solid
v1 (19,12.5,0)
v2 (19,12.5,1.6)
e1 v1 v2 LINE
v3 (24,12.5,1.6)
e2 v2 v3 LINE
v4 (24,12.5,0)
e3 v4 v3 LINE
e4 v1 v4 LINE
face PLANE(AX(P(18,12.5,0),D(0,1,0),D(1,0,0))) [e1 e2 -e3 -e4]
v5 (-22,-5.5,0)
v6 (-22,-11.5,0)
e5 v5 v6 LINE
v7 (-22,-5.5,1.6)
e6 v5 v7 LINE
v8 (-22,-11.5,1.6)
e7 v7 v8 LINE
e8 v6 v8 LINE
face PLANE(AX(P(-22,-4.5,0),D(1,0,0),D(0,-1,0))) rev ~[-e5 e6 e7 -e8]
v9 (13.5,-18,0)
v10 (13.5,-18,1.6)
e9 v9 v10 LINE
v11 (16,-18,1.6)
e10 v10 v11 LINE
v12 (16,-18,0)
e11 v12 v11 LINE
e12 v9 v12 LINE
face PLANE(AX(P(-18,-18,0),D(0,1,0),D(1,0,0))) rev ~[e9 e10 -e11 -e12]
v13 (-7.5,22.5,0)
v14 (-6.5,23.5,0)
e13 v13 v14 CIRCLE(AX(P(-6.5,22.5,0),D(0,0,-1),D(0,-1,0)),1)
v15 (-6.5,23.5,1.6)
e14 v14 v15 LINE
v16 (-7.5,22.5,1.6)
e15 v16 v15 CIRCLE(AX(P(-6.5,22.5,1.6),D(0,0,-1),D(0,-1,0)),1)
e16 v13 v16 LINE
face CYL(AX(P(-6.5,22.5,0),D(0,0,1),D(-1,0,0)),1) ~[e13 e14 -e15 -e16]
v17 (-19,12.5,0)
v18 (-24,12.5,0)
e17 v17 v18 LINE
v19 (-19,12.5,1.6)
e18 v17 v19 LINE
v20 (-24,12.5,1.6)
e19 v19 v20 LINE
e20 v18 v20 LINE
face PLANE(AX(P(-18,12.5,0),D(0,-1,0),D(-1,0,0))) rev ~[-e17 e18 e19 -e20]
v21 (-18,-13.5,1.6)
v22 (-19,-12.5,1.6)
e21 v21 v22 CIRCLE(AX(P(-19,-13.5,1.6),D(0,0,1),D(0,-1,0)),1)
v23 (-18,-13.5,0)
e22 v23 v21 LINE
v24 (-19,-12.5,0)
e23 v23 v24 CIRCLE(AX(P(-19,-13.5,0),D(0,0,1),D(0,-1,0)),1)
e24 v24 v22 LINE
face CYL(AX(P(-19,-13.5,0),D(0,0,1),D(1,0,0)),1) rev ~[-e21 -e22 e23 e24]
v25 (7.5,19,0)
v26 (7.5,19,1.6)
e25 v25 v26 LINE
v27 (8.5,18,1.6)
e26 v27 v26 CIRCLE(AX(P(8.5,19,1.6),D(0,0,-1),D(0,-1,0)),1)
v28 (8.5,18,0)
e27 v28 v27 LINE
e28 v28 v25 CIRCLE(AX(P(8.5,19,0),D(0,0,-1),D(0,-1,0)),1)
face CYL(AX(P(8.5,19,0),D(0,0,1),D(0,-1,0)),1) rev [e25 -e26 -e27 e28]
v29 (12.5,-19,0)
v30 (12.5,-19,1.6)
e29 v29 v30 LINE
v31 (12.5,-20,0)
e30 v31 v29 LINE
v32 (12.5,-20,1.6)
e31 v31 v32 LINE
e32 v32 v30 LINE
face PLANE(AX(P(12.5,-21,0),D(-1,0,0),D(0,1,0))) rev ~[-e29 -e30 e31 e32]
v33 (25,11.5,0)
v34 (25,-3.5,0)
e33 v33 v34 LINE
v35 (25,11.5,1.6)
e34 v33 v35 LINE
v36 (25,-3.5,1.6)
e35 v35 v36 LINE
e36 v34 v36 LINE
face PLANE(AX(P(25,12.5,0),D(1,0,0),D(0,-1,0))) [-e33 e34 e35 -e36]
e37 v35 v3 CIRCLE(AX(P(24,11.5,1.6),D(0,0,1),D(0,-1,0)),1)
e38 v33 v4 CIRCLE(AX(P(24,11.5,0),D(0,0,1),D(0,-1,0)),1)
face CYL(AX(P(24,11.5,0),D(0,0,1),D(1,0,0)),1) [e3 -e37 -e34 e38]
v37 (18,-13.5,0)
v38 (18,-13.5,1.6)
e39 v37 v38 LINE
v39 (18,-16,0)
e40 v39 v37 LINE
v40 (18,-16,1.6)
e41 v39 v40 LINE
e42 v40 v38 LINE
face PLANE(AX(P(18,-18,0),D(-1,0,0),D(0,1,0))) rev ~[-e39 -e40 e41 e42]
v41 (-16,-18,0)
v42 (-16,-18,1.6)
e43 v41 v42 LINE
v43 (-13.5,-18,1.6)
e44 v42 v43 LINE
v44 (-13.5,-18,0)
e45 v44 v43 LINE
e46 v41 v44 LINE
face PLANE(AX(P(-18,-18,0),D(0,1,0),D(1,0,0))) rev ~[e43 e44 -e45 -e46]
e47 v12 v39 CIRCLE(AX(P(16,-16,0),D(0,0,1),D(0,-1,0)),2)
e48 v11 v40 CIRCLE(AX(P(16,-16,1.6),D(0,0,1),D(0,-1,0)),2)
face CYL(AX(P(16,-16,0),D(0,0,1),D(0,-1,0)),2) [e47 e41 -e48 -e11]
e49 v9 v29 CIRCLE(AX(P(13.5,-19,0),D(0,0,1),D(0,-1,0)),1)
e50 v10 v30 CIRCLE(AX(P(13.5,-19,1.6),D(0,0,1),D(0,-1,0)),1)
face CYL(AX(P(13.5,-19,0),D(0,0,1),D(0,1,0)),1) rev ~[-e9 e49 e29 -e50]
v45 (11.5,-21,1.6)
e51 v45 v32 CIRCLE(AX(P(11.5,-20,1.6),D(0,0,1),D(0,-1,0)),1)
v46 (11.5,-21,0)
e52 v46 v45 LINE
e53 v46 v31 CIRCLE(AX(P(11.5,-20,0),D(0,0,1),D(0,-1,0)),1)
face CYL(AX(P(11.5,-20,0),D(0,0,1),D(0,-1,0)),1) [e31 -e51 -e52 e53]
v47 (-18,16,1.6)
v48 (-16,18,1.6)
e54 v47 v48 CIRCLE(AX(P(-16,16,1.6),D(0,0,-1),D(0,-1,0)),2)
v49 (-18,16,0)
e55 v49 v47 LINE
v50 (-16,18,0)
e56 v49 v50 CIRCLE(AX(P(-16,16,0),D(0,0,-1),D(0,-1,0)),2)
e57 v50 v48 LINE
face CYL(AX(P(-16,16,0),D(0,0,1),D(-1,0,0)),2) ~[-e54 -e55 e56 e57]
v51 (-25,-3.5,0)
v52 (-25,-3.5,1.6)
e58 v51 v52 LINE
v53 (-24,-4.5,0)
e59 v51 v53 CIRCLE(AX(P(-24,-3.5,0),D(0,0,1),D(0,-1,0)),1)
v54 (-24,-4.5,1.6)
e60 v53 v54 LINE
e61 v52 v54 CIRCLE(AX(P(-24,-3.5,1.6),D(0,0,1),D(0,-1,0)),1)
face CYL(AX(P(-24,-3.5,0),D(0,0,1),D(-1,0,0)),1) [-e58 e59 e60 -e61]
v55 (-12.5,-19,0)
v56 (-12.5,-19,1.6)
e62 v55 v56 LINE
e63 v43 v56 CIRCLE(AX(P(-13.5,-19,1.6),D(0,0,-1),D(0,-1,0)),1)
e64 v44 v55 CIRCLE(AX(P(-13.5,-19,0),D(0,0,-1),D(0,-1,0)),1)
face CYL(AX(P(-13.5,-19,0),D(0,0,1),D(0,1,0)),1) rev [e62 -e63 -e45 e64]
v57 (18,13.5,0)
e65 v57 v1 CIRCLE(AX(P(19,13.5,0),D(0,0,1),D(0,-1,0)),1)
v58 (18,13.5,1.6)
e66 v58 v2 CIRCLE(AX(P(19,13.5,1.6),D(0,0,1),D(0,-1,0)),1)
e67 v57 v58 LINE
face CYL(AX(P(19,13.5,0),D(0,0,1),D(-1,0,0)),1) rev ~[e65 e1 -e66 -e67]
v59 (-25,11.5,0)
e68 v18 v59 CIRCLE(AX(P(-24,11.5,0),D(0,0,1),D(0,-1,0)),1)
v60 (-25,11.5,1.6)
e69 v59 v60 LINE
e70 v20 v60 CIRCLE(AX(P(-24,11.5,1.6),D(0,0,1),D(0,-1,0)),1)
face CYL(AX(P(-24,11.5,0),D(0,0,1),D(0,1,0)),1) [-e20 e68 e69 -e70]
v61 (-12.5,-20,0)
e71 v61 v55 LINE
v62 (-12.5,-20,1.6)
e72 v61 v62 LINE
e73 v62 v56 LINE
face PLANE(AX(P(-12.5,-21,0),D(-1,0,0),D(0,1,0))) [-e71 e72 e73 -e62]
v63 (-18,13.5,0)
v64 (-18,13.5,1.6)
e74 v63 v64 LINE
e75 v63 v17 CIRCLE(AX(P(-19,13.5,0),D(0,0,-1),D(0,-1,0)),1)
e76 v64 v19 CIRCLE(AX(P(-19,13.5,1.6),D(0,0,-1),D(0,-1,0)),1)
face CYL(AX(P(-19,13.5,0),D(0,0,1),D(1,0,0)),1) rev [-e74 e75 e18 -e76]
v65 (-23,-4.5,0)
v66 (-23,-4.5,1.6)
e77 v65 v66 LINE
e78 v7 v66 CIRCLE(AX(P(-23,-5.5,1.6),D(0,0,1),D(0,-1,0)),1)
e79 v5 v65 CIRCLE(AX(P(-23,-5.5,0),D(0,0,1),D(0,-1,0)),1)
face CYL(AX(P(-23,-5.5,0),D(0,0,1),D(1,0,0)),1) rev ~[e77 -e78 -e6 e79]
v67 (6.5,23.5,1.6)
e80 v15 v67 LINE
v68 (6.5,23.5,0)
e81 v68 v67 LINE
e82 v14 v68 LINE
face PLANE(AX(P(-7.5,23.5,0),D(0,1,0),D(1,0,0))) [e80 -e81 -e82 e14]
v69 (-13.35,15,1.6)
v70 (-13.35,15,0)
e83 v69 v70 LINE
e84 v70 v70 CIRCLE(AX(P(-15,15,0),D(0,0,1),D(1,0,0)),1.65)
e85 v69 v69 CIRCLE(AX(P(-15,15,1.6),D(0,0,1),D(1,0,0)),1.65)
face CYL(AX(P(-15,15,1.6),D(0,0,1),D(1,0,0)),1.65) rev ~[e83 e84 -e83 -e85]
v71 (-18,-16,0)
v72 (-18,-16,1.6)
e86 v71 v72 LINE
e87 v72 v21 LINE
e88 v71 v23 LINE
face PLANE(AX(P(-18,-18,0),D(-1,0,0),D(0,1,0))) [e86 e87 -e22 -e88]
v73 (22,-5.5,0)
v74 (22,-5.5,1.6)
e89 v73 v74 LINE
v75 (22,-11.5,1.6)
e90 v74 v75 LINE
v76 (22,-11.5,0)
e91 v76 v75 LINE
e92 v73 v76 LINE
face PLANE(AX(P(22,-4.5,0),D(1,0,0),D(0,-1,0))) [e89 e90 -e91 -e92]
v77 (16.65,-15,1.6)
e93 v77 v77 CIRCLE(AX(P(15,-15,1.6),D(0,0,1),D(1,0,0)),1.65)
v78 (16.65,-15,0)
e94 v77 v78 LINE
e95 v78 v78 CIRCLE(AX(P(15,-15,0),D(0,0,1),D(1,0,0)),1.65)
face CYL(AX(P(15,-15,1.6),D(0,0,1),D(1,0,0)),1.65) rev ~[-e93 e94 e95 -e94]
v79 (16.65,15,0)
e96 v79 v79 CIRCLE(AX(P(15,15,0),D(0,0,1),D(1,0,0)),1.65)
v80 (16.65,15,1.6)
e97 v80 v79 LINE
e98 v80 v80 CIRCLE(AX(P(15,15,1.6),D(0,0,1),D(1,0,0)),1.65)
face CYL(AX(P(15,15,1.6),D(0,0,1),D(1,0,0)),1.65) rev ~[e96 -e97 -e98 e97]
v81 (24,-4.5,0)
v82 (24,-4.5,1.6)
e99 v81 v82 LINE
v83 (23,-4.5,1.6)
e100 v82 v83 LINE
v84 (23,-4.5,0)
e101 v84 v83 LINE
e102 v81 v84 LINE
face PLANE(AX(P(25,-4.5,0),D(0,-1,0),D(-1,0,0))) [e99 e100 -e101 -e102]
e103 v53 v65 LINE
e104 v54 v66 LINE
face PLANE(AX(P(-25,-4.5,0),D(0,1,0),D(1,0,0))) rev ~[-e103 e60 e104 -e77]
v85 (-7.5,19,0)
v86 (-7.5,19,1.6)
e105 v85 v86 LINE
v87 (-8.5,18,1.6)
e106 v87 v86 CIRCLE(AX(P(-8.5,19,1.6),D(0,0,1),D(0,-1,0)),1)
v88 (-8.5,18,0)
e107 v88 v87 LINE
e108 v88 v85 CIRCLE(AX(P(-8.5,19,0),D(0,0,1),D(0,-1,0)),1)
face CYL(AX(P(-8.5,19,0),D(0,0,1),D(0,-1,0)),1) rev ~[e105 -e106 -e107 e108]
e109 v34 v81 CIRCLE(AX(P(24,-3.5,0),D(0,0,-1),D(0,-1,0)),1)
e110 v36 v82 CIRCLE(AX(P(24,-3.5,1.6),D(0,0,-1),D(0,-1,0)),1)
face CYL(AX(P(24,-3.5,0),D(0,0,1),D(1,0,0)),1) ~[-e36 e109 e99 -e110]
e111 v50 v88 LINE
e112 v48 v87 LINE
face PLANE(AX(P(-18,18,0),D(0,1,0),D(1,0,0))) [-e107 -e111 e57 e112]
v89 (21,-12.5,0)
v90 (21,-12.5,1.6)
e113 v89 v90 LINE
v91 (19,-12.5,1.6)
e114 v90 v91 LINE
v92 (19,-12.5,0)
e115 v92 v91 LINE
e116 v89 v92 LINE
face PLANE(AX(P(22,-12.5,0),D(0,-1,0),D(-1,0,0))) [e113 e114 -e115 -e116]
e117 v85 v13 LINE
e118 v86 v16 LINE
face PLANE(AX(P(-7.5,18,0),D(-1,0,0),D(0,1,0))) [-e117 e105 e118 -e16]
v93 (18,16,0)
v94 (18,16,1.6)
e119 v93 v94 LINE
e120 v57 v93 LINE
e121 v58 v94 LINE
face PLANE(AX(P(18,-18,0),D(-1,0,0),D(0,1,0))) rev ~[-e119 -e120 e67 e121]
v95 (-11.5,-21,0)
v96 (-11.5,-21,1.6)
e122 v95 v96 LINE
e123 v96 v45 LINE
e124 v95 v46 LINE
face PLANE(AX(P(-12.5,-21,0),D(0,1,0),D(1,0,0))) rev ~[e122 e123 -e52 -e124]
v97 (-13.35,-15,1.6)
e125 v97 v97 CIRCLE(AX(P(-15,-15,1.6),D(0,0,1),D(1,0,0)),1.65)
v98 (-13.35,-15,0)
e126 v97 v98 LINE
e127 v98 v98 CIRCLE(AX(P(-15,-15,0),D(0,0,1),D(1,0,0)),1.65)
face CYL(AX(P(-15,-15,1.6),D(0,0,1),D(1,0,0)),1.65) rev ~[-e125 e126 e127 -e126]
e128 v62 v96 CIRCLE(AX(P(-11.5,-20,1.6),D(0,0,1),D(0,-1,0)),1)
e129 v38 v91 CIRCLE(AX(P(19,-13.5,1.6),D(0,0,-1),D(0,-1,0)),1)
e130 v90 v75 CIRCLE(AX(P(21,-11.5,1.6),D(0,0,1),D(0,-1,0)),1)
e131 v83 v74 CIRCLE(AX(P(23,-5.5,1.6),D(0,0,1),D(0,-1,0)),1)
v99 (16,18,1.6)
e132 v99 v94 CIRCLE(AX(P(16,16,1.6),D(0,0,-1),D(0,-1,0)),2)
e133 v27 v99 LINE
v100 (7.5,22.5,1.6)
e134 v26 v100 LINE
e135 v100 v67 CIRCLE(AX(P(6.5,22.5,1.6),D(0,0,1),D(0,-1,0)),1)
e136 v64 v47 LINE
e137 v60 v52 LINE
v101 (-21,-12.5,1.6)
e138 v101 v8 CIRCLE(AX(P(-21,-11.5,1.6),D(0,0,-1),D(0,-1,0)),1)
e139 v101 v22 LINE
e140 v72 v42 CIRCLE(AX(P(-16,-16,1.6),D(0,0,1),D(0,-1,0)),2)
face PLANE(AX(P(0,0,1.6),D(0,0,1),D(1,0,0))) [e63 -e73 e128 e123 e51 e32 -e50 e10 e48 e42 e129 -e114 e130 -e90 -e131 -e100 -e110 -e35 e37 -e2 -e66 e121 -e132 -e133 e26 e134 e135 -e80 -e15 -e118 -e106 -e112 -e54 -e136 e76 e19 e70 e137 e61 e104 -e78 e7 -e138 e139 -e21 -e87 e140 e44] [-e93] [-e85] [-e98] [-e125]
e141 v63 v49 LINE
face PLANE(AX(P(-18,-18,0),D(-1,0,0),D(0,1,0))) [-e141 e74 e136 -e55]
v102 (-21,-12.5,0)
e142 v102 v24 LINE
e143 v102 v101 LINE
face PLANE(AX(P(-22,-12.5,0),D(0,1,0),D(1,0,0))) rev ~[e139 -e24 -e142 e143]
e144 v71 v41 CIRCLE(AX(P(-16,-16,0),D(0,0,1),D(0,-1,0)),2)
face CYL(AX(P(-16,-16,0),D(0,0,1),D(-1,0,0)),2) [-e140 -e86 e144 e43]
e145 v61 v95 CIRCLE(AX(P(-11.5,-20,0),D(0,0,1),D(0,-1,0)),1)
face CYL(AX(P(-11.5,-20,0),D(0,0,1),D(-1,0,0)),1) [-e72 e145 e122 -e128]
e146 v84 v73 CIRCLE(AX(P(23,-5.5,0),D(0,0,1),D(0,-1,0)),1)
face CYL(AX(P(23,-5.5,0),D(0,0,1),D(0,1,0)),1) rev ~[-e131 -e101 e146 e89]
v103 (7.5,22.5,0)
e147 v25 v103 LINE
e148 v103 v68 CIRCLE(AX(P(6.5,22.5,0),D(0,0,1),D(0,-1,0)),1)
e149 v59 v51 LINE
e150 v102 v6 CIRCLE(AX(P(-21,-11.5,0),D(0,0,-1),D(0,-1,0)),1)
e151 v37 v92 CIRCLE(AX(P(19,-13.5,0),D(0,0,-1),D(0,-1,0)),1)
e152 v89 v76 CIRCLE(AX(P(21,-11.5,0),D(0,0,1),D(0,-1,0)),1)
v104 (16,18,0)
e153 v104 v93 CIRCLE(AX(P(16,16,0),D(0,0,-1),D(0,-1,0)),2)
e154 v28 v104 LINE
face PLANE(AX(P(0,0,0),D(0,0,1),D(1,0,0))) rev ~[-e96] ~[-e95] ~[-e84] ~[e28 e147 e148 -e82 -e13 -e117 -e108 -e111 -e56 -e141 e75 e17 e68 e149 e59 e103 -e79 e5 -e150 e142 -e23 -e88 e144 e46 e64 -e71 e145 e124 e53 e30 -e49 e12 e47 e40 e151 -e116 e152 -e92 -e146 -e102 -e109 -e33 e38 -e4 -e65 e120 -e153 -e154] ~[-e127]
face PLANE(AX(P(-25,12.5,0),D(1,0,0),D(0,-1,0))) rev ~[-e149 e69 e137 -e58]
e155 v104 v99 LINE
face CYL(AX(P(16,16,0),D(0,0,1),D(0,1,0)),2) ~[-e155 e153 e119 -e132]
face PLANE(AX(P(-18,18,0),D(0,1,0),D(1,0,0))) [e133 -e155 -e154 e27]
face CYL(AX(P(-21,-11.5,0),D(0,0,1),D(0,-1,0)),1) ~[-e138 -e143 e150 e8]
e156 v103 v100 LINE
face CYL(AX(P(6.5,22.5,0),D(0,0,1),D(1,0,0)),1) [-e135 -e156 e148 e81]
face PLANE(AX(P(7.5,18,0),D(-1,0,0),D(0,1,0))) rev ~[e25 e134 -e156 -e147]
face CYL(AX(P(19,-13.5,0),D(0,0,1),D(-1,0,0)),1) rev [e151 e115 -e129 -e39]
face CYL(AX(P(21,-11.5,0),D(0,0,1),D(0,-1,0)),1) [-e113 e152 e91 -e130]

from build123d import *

# Parameters (mm, degrees)
SKETCH_1_W               = 36
SKETCH_1_H               = 36
BODY_DEPTH               = 1.6
SKETCH_2_R               = 1.65
BOLTHOLE_M3_PILLAR_DEPTH = 26.506077707
FILLET_1_R               = 2
SKETCH_4_W               = 15
SKETCH_4_H               = 5.5
SKETCH_4_W_2             = 25
SKETCH_4_H_2             = 3
CONNECTORS_POWER_DEPTH   = 1.6
FILLET_3_R               = 1


with BuildPart() as part:
    # 스케치1 → Body (new body)
    with BuildSketch(Plane.XY):
        Rectangle(SKETCH_1_W, SKETCH_1_H)
    extrude(amount=BODY_DEPTH)

    # 스케치2 → BoltHole_M3_pillar (cut, through all)
    with BuildSketch(Plane.XY.offset(1.6)):
        with Locations((-15, 15)):
            Circle(SKETCH_2_R)
        with Locations((15, 15)):
            Circle(SKETCH_2_R)
        with Locations((15, -15)):
            Circle(SKETCH_2_R)
        with Locations((-15, -15)):
            Circle(SKETCH_2_R)
    extrude(amount=-BOLTHOLE_M3_PILLAR_DEPTH, mode=Mode.SUBTRACT)

    # 필렛1
    fillet_1_edges = [part.edges().sort_by_distance(p)[0] for p in [
        (-18, 18, 0.8),
        (18, 18, 0.8),
        (18, -18, 0.8),
        (-18, -18, 0.8),
    ]]
    fillet(fillet_1_edges, radius=FILLET_1_R)

    # 스케치4 → Connectors_power (add)
    with BuildSketch(Plane.XY):
        Polygon((-18, 12.5), (-25, 12.5), (-25, -4.5), (-22, -4.5), (-22, -12.5), (-18, -12.5), (-18, -4.5), align=None)
        Polygon((25, 12.5), (25, -4.5), (22, -4.5), (22, -12.5), (18, -12.5), (18, -4.5), (18, 12.5), align=None)
        with Locations((0, 20.75)):
            Rectangle(SKETCH_4_W, SKETCH_4_H)
        with Locations((0, -19.5)):
            Rectangle(SKETCH_4_W_2, SKETCH_4_H_2)
    extrude(amount=CONNECTORS_POWER_DEPTH)

    # 필렛3
    fillet_3_edges = [part.edges().sort_by_distance(p)[0] for p in [
        (12.5, -18, 0.8),
        (12.5, -21, 0.8),
        (-12.5, -21, 0.8),
        (-12.5, -18, 0.8),
        (-18, -12.5, 0.8),
        (-22, -12.5, 0.8),
        (-22, -4.5, 0.8),
        (-25, -4.5, 0.8),
        (-25, 12.5, 0.8),
        (-18, 12.5, 0.8),
        (25, -4.5, 0.8),
        (22, -4.5, 0.8),
        (22, -12.5, 0.8),
        (18, -12.5, 0.8),
        (18, 12.5, 0.8),
        (25, 12.5, 0.8),
        (7.5, 23.5, 0.8),
        (7.5, 18, 0.8),
        (-7.5, 18, 0.8),
        (-7.5, 23.5, 0.8),
    ]]
    fillet(fillet_3_edges, radius=FILLET_3_R)


solid = part.part
